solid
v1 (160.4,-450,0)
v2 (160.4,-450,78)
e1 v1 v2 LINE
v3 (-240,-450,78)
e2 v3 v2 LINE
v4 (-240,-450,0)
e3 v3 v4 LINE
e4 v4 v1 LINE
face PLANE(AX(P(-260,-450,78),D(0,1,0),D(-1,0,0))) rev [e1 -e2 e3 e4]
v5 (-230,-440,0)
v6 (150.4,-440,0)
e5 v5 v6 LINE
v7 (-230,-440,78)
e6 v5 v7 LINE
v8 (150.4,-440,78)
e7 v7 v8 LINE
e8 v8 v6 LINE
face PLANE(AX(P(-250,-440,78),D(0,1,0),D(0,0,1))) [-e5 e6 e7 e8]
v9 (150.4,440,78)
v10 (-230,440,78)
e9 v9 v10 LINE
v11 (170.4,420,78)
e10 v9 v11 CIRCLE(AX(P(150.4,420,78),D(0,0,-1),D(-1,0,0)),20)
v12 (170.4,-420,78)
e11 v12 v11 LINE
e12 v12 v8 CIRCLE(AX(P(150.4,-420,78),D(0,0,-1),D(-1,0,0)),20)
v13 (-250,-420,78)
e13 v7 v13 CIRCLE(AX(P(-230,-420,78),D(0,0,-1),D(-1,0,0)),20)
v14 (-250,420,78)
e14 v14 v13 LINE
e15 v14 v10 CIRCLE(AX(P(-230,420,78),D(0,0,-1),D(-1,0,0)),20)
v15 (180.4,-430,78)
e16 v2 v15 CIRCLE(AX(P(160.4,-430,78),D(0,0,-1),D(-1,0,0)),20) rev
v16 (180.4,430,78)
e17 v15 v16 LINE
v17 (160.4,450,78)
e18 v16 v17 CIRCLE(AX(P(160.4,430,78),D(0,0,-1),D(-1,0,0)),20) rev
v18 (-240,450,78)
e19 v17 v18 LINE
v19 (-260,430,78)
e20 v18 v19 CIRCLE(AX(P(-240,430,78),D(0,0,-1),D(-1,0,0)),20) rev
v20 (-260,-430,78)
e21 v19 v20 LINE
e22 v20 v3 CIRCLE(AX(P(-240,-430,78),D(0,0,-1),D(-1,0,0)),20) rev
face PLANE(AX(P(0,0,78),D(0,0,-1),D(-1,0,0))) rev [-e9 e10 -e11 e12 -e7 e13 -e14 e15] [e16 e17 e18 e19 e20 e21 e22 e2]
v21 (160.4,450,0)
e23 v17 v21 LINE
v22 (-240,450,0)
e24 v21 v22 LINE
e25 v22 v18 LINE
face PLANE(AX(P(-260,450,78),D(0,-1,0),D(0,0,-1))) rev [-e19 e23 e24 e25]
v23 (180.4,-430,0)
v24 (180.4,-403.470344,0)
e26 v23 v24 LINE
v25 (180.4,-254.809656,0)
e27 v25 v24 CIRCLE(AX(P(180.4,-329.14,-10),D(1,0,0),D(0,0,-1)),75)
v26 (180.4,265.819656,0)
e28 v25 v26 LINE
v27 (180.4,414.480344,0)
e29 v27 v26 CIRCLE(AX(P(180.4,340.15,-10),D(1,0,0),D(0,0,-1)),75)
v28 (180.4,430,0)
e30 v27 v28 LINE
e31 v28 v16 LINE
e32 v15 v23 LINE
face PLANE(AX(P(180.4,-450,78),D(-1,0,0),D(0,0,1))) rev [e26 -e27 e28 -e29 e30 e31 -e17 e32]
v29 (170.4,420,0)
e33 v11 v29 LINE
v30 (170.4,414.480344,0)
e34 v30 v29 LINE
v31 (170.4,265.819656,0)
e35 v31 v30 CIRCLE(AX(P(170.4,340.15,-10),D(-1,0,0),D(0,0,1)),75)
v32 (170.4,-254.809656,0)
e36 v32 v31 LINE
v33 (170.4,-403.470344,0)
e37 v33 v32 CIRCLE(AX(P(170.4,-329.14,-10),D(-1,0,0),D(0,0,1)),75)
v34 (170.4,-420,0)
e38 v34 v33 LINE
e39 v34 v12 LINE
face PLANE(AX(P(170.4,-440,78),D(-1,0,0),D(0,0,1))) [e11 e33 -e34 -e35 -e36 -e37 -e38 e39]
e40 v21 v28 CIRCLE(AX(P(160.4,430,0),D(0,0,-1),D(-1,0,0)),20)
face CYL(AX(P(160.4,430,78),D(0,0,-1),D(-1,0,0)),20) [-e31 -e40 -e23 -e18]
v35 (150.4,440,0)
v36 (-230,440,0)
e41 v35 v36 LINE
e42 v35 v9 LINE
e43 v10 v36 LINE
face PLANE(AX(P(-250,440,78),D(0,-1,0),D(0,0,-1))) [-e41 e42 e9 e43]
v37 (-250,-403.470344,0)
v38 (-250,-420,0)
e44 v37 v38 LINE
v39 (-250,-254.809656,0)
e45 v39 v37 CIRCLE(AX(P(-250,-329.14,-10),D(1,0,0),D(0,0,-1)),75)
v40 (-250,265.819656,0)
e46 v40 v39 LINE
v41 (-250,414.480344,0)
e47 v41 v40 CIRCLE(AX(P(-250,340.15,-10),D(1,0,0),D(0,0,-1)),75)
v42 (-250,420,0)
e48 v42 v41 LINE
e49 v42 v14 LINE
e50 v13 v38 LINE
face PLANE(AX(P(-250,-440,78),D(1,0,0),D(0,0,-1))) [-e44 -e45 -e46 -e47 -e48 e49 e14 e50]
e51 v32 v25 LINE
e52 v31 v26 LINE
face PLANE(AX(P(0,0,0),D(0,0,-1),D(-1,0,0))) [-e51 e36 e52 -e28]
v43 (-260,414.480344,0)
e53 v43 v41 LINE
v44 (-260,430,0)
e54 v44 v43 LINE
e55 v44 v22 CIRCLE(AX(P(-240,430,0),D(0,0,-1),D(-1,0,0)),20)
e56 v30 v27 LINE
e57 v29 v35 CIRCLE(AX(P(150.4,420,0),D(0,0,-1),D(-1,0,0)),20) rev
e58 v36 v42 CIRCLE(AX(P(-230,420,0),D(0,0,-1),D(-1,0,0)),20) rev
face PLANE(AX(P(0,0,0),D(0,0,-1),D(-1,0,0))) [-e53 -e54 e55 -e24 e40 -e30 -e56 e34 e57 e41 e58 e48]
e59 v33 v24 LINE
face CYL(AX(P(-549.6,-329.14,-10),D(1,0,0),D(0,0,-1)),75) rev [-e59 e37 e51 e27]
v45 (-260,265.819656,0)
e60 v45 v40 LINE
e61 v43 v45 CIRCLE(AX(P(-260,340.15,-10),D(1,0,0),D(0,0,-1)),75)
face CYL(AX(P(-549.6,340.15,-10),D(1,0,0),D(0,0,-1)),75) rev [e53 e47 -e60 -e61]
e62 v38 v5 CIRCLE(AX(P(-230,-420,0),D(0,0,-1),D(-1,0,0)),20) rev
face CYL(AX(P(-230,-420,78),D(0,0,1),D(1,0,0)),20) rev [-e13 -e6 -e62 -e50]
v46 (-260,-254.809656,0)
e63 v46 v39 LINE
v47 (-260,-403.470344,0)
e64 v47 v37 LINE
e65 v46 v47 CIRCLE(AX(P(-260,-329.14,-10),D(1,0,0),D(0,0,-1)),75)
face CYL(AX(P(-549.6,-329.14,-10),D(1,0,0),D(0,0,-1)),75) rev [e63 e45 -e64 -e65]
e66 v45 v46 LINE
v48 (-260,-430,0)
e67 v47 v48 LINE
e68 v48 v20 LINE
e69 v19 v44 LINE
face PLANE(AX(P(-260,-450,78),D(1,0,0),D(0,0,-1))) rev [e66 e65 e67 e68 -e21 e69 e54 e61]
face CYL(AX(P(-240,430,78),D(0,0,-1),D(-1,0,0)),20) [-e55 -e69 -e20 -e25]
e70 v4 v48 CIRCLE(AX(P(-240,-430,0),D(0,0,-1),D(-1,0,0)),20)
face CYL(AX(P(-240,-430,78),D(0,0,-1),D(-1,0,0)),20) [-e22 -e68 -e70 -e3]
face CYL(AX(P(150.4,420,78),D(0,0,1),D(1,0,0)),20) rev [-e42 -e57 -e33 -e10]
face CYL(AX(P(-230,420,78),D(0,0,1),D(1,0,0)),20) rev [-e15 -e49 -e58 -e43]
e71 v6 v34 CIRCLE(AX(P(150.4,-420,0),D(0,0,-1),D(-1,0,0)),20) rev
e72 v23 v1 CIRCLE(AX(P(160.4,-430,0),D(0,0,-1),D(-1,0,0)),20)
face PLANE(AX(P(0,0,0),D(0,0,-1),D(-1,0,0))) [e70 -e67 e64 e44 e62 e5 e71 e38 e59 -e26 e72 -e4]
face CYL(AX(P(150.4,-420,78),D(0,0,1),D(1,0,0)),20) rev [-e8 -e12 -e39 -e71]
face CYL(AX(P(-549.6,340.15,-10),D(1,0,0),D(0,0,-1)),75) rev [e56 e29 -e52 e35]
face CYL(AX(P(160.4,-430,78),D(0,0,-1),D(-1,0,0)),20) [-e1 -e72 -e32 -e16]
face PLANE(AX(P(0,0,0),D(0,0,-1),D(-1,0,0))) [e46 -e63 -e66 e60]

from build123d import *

# Parameters (mm, degrees)
SKETCH_1_W          = 440.4
SKETCH_1_H          = 900
SKETCH_1_W_2        = 420.4
SKETCH_1_H_2        = 880
EXTRUDE_1_DEPTH     = 78
FILLET_1_R          = 20
FILLET_2_R          = 20
CUT_EXTRUDE_1_DEPTH = 730
CUT_EXTRUDE_2_DEPTH = 730


with BuildPart() as part:
    # 草图1 → 凸台-拉伸1 (new body)
    with BuildSketch(Plane.XY):
        with Locations((-39.8, 0)):
            Rectangle(SKETCH_1_W, SKETCH_1_H)
        with Locations((-39.8, 0)):
            Rectangle(SKETCH_1_W_2, SKETCH_1_H_2, mode=Mode.SUBTRACT)
    extrude(amount=EXTRUDE_1_DEPTH)

    # 圆角1
    fillet_1_edges = [part.edges().sort_by_distance(p)[0] for p in [
        (180.4, -450, 39),
        (-260, -450, 39),
        (-260, 450, 39),
        (180.4, 450, 39),
    ]]
    fillet(fillet_1_edges, radius=FILLET_1_R)

    # 圆角2
    fillet_2_edges = [part.edges().sort_by_distance(p)[0] for p in [
        (170.4, -440, 39),
        (170.4, 440, 39),
        (-250, 440, 39),
        (-250, -440, 39),
    ]]
    fillet(fillet_2_edges, radius=FILLET_2_R)

    # 草图2 → 切除-拉伸1 (cut)
    with BuildSketch(Plane(origin=(180.4, 0, 0), x_dir=(0, 0, -1), z_dir=(1, 0, 0))):
        with BuildLine():
            Line((0, 265.819656263), (0, 414.480343737))
            ThreePointArc((0, 414.480343737), (-65, 340.15), (0, 265.819656263))
        make_face()
    extrude(amount=-CUT_EXTRUDE_1_DEPTH, mode=Mode.SUBTRACT)

    # 草图3 → 切除-拉伸2 (cut)
    with BuildSketch(Plane(origin=(180.4, 0, 0), x_dir=(0, 0, -1), z_dir=(1, 0, 0))):
        with BuildLine():
            Line((0, -403.470343737), (0, -254.809656263))
            ThreePointArc((0, -254.809656263), (-65, -329.14), (0, -403.470343737))
        make_face()
    extrude(amount=-CUT_EXTRUDE_2_DEPTH, mode=Mode.SUBTRACT)


solid = part.part
